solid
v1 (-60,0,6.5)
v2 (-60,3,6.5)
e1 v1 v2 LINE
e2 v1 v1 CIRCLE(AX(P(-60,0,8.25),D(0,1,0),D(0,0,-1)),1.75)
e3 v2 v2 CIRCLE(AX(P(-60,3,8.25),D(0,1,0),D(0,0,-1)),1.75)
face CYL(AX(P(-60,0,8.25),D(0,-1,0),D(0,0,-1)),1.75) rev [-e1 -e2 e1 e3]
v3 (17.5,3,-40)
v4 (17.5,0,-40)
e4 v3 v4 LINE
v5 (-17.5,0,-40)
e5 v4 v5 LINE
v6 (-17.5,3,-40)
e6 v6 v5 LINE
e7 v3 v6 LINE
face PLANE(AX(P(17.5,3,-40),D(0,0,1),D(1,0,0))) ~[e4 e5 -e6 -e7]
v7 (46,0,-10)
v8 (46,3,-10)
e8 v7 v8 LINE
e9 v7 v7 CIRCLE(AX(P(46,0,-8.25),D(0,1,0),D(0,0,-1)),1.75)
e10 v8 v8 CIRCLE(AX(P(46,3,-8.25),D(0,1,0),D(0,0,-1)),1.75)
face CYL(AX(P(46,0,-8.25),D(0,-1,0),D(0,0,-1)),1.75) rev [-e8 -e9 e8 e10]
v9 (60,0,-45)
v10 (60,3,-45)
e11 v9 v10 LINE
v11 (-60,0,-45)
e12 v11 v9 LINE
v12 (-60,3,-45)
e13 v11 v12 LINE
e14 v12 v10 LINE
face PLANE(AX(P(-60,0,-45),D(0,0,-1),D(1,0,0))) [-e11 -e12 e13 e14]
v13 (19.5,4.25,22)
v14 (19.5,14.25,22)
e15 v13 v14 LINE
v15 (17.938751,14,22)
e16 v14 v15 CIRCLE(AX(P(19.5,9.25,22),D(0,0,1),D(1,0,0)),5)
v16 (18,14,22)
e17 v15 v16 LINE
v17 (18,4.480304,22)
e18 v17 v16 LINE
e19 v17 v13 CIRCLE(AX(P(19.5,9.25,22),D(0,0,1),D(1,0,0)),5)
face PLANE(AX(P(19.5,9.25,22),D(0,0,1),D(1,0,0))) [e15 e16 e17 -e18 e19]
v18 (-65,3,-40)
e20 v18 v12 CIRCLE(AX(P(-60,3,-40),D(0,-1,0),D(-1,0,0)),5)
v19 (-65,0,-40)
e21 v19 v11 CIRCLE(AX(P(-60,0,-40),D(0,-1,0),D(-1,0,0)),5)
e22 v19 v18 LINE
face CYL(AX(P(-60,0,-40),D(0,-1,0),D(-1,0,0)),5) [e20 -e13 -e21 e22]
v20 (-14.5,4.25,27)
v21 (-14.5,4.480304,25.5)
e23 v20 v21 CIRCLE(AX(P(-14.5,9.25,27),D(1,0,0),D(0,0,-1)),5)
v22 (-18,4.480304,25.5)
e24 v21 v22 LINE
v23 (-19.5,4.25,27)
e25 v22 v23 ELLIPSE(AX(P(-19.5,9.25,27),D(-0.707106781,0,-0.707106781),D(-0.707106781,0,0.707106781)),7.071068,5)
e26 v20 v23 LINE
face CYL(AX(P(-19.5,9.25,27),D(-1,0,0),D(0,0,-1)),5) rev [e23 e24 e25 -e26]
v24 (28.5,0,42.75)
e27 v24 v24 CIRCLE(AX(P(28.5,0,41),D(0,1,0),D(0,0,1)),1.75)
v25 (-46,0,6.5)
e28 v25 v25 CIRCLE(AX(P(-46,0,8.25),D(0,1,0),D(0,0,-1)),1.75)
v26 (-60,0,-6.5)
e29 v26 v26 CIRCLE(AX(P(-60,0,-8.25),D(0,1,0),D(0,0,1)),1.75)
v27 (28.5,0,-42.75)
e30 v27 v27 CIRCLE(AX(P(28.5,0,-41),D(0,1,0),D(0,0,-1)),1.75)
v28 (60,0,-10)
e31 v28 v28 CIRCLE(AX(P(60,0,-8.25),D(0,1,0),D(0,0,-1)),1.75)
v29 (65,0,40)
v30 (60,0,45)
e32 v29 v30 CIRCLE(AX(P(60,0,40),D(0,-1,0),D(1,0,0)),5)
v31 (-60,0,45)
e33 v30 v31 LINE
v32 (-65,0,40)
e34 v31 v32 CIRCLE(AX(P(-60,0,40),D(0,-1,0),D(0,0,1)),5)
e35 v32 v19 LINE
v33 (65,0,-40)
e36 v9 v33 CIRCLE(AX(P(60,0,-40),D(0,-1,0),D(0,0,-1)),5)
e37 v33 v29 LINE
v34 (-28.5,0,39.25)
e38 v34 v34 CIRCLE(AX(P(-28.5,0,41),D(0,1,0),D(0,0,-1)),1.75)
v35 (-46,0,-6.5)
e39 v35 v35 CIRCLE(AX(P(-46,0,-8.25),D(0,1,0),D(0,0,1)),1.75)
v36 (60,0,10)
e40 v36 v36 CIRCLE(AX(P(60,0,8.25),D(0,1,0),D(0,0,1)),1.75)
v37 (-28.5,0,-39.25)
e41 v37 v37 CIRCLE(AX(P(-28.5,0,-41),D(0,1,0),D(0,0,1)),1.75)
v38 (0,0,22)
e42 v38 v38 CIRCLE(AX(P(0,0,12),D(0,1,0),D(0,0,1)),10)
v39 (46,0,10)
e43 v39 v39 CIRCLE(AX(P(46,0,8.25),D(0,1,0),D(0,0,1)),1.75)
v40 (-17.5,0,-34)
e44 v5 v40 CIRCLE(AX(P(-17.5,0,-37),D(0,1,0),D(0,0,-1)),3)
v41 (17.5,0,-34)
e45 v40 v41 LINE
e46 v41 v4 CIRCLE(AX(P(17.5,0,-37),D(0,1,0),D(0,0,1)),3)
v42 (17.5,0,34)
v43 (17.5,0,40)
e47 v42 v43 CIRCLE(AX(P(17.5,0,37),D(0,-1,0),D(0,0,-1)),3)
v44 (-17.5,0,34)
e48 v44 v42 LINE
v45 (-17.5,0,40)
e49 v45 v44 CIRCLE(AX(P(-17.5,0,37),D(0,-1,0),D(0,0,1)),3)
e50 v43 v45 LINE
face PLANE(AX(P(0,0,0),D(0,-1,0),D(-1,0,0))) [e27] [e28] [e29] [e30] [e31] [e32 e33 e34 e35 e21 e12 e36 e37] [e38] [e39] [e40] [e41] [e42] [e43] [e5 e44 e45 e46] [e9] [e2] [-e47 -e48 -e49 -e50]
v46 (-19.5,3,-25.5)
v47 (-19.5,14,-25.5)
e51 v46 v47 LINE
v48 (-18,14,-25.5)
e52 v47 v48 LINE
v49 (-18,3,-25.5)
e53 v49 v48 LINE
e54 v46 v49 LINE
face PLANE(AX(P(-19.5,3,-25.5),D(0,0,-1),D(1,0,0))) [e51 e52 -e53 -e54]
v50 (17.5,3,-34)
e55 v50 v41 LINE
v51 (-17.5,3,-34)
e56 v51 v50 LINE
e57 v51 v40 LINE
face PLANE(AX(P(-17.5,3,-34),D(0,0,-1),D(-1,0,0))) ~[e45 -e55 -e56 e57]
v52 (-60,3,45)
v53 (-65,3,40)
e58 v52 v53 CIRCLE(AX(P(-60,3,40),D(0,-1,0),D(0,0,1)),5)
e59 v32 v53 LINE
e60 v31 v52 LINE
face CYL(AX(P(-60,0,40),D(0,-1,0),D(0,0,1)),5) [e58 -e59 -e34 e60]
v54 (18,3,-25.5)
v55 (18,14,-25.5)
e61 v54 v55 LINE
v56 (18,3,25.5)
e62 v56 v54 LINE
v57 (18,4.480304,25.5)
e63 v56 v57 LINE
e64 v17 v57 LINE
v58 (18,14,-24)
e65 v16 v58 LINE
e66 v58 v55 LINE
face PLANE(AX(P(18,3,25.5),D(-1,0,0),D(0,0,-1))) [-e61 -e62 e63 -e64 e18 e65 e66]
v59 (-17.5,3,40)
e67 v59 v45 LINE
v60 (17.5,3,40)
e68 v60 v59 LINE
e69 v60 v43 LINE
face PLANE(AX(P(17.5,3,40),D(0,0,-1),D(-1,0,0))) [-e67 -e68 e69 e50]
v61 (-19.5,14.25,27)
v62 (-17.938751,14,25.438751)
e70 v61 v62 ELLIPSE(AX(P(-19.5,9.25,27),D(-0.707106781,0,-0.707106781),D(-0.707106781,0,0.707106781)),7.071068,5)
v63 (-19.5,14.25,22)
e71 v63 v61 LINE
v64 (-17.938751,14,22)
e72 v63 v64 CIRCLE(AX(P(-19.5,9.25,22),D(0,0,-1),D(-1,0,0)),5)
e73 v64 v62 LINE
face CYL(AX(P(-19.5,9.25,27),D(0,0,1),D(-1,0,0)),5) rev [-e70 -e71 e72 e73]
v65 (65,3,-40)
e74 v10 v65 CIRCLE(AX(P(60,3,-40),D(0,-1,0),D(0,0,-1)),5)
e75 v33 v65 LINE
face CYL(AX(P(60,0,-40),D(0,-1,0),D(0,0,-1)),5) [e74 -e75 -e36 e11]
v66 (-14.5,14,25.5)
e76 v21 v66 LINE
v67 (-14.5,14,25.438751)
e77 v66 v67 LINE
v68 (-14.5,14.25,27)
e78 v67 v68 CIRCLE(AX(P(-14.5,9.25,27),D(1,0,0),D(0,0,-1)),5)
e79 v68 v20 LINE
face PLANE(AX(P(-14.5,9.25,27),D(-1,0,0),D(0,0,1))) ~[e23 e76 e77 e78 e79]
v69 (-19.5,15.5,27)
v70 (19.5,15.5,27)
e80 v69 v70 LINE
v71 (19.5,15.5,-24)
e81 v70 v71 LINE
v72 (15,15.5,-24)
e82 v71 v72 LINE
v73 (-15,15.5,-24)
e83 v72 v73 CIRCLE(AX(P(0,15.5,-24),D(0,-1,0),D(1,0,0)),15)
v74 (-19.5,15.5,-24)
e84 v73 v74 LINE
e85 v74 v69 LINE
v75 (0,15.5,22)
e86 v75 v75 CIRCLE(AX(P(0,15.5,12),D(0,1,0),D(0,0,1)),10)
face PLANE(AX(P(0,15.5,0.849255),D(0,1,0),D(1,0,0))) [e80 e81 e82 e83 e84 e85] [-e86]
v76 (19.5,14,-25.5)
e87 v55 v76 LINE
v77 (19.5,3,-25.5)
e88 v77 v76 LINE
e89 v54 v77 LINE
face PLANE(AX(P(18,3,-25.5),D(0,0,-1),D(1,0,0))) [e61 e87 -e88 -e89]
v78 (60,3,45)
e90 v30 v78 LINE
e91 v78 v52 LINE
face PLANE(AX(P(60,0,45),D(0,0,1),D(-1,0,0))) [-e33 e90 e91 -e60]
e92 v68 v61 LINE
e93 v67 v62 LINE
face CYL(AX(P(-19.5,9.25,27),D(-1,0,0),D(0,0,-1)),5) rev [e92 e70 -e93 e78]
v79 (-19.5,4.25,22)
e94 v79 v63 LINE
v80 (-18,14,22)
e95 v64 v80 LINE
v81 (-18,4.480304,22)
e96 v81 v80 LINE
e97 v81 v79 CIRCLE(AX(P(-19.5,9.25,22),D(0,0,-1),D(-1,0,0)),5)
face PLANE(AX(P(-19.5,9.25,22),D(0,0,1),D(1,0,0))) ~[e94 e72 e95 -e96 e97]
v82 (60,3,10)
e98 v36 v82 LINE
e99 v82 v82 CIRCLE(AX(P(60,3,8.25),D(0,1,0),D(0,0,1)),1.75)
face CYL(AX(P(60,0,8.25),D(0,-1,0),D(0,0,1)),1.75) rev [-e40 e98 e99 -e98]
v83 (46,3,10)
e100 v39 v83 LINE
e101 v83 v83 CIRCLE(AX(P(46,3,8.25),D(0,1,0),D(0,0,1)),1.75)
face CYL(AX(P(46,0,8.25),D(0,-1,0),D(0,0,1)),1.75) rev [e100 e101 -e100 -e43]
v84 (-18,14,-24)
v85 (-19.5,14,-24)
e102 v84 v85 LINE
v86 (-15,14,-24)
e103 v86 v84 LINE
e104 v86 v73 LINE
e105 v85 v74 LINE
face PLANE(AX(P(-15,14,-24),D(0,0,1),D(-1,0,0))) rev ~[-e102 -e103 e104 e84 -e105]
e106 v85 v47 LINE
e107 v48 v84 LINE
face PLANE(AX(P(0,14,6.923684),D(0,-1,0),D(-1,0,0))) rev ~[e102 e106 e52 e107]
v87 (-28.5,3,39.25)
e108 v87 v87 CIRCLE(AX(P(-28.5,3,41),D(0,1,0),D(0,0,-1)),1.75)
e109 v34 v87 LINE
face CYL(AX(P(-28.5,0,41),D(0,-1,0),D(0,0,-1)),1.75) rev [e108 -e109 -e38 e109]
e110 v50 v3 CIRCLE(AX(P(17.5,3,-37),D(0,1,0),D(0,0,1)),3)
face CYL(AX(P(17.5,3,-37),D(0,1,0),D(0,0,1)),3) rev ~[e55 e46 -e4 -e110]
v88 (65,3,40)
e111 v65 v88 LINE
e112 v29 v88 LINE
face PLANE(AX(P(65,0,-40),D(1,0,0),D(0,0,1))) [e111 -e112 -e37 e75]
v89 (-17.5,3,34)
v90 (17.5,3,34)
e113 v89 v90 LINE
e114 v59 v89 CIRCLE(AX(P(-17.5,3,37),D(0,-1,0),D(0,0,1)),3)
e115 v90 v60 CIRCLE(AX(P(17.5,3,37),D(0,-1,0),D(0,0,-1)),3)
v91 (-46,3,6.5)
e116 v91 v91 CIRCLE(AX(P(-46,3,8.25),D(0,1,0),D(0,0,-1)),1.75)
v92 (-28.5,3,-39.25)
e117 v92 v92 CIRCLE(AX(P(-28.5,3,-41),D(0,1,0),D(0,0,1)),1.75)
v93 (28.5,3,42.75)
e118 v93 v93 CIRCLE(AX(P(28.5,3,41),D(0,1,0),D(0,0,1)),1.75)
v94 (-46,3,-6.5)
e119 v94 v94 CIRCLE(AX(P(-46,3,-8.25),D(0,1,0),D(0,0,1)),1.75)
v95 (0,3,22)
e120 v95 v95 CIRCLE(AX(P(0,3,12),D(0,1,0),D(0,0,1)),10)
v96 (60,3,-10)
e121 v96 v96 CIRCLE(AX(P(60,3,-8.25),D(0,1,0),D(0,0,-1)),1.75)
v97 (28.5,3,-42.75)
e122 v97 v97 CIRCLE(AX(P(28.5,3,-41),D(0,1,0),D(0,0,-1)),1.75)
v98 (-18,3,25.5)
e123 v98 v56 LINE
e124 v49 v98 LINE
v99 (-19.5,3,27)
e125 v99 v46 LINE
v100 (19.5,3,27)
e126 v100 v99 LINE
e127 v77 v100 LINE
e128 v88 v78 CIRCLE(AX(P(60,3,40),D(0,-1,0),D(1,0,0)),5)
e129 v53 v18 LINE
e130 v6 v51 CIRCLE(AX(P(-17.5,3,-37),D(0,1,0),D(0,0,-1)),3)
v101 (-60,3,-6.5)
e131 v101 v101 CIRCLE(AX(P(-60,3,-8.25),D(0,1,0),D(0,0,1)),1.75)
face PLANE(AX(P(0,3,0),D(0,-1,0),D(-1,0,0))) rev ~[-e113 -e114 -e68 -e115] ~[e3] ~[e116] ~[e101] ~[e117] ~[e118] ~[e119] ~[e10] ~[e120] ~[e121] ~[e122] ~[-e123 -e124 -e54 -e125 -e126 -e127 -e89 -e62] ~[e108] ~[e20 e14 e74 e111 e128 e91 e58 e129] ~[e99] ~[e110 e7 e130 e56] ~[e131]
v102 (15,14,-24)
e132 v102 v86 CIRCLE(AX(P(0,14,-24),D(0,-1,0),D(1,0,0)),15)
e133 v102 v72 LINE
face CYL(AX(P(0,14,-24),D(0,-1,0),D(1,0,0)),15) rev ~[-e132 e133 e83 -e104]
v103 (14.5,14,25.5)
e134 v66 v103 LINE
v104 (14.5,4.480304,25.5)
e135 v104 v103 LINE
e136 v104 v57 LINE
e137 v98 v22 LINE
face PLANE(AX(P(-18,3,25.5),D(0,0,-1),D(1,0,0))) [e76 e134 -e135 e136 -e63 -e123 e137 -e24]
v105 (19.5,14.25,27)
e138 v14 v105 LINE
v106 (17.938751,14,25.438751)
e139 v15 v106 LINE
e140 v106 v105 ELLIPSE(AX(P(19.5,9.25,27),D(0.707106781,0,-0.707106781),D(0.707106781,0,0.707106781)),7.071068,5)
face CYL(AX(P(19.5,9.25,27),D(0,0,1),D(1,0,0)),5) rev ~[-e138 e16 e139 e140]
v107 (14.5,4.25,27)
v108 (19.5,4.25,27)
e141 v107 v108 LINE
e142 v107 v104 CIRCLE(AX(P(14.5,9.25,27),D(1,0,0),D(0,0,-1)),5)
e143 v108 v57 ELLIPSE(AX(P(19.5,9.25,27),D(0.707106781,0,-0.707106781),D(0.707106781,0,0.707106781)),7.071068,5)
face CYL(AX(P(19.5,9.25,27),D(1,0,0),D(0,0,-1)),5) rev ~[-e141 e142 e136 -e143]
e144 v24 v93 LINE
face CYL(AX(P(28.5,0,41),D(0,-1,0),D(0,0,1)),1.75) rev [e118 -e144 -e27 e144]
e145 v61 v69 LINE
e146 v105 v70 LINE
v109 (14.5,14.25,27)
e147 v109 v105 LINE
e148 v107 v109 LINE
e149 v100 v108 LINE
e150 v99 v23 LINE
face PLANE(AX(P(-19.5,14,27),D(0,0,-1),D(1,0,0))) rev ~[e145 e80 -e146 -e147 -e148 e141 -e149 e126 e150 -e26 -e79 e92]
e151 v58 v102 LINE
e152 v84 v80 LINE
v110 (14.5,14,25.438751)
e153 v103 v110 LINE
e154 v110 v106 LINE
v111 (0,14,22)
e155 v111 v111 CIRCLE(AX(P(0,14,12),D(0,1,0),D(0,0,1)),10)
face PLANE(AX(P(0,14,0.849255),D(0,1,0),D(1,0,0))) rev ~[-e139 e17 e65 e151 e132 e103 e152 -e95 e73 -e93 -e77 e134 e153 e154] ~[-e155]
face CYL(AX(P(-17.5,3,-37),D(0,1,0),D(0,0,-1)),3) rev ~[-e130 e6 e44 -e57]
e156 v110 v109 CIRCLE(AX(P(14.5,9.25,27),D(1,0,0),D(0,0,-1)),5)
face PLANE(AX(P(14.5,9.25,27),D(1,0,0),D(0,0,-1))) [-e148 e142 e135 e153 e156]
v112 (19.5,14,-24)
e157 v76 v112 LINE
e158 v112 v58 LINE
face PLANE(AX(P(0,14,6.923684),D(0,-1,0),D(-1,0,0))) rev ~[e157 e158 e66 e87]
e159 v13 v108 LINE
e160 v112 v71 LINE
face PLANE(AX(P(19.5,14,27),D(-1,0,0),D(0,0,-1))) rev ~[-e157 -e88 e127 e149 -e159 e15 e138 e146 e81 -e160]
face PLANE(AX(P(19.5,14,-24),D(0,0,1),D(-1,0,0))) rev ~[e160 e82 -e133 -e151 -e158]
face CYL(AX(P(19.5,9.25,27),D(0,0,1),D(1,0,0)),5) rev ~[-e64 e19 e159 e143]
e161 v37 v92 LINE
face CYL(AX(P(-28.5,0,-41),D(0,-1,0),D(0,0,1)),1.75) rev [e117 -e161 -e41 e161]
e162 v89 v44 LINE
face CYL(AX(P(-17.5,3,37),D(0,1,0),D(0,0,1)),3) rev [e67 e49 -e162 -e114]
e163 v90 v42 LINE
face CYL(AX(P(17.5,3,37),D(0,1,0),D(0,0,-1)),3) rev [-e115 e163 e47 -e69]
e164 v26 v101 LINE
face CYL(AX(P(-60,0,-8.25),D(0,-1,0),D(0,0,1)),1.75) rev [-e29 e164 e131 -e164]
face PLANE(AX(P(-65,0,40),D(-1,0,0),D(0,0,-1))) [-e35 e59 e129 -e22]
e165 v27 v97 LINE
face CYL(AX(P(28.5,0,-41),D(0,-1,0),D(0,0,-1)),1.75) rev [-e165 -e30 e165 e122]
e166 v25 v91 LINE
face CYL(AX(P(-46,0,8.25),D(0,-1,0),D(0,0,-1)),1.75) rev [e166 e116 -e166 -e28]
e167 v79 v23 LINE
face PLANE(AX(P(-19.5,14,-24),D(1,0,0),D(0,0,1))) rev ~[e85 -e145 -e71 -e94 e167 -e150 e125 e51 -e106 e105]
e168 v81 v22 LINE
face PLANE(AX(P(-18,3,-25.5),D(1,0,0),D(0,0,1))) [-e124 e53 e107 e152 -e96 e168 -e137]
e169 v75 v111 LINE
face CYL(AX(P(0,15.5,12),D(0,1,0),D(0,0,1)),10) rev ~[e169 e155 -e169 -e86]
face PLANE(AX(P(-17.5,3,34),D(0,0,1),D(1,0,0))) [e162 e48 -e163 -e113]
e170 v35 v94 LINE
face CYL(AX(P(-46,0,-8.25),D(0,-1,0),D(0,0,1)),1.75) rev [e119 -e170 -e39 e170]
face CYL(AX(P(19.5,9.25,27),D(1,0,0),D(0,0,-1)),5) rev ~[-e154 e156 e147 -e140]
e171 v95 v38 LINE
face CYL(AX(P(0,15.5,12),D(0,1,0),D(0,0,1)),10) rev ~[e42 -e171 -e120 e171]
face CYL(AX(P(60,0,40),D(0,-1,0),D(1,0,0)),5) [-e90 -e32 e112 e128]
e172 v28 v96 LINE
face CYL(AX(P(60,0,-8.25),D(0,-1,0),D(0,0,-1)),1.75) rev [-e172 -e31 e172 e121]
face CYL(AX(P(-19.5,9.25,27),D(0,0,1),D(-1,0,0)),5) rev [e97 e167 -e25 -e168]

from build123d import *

# Parameters (mm, degrees)
SKETCH_1_R          = 1.75
EXTRUDE_1_DEPTH     = 3
EXTRUDE_2_DEPTH     = 11
EXTRUDE_3_DEPTH     = 1.5
SKETCH_5_R          = 10
CUT_EXTRUDE_1_DEPTH = 81.562087858
SKETCH_6_R          = 5
CUT_EXTRUDE_2_DEPTH = 5
SKETCH_7_R          = 5
CUT_EXTRUDE_3_DEPTH = 5
CUT_EXTRUDE_4_DEPTH = 3


with BuildPart() as part:
    # 草图1 → 凸台-拉伸1 (new body)
    with BuildSketch(Plane(origin=(0, 0, 0), x_dir=(1, 0, 0), z_dir=(0, 1, 0))):
        with BuildLine():
            Line((-60, 45), (60, 45))
            ThreePointArc((60, 45), (63.535533906, 43.535533906), (65, 40))
            Line((65, 40), (65, -40))
            ThreePointArc((65, -40), (63.535533906, -43.535533906), (60, -45))
            Line((60, -45), (-60, -45))
            ThreePointArc((-60, -45), (-63.535533906, -43.535533906), (-65, -40))
            Line((-65, -40), (-65, 40))
            ThreePointArc((-65, 40), (-63.535533906, 43.535533906), (-60, 45))
        make_face()
        with Locations(Location((-60, 8.25, 0), (0, 0, 270))):
            Circle(SKETCH_1_R, mode=Mode.SUBTRACT)
        with Locations(Location((-46, 8.25, 0), (0, 0, 270))):
            Circle(SKETCH_1_R, mode=Mode.SUBTRACT)
        with Locations(Location((-46, -8.25, 0), (0, 0, 90))):
            Circle(SKETCH_1_R, mode=Mode.SUBTRACT)
        with Locations(Location((-60, -8.25, 0), (0, 0, 90))):
            Circle(SKETCH_1_R, mode=Mode.SUBTRACT)
        with Locations(Location((60, 8.25, 0), (0, 0, 90))):
            Circle(SKETCH_1_R, mode=Mode.SUBTRACT)
        with Locations(Location((60, -8.25, 0), (0, 0, 270))):
            Circle(SKETCH_1_R, mode=Mode.SUBTRACT)
        with Locations(Location((46, -8.25, 0), (0, 0, 270))):
            Circle(SKETCH_1_R, mode=Mode.SUBTRACT)
        with Locations(Location((46, 8.25, 0), (0, 0, 90))):
            Circle(SKETCH_1_R, mode=Mode.SUBTRACT)
        with Locations(Location((-28.5, 41, 0), (0, 0, 270))):
            Circle(SKETCH_1_R, mode=Mode.SUBTRACT)
        with Locations(Location((-28.5, -41, 0), (0, 0, 90))):
            Circle(SKETCH_1_R, mode=Mode.SUBTRACT)
        with Locations(Location((28.5, -41, 0), (0, 0, 270))):
            Circle(SKETCH_1_R, mode=Mode.SUBTRACT)
        with Locations(Location((28.5, 41, 0), (0, 0, 90))):
            Circle(SKETCH_1_R, mode=Mode.SUBTRACT)
    extrude(amount=EXTRUDE_1_DEPTH)

    # 草图2 → 凸台-拉伸2 (add)
    with BuildSketch(Plane(origin=(0, 3, 0), x_dir=(1, 0, 0), z_dir=(0, 1, 0))):
        Polygon((18, 25.5), (19.5, 25.5), (19.5, -27), (-19.5, -27), (-19.5, 25.5), (-18, 25.5), (-18, -25.5), (18, -25.5), align=None)
    extrude(amount=EXTRUDE_2_DEPTH)

    # 草图3 → 凸台-拉伸3 (add)
    with BuildSketch(Plane(origin=(0, 14, 0), x_dir=(1, 0, 0), z_dir=(0, 1, 0))):
        with BuildLine():
            Line((-15, 24), (-18, 24))
            Line((-18, 24), (-18, -25.5))
            Line((-18, -25.5), (18, -25.5))
            Line((18, -25.5), (18, 24))
            Line((18, 24), (15, 24))
            ThreePointArc((15, 24), (0, 9), (-15, 24))
        make_face()
        Polygon((-18, 24), (-19.5, 24), (-19.5, -27), (19.5, -27), (19.5, 24), (18, 24), (18, -25.5), (-18, -25.5), align=None)
    extrude(amount=EXTRUDE_3_DEPTH)

    # 草图5 → 切除-拉伸1 (cut, through all)
    with BuildSketch(Plane(origin=(0, 15.5, 0), x_dir=(1, 0, 0), z_dir=(0, 1, 0))):
        with Locations(Location((0, -12, 0), (0, 0, 270))):
            Circle(SKETCH_5_R)
    extrude(amount=-CUT_EXTRUDE_1_DEPTH, mode=Mode.SUBTRACT)

    # 草图6 → 切除-拉伸2 (cut)
    with BuildSketch(Plane(origin=(19.5, 0, 0), x_dir=(0, 0, -1), z_dir=(1, 0, 0))):
        with Locations((-27, 9.25)):
            Circle(SKETCH_6_R)
    cut_extrude_2 = extrude(amount=-CUT_EXTRUDE_2_DEPTH, mode=Mode.SUBTRACT)

    # 草图7 → 切除-拉伸3 (cut)
    with BuildSketch(Plane.XY.offset(27)):
        with Locations((19.5, 9.25)):
            Circle(SKETCH_7_R)
    cut_extrude_3 = extrude(amount=-CUT_EXTRUDE_3_DEPTH, mode=Mode.SUBTRACT)

    # 镜向1: 切除-拉伸2, 切除-拉伸3 across plane
    add(cut_extrude_2.mirror(Plane(origin=(0, 0, 0), x_dir=(0, 0, 1), z_dir=(1, 0, 0))), mode=Mode.SUBTRACT)
    add(cut_extrude_3.mirror(Plane(origin=(0, 0, 0), x_dir=(0, 0, 1), z_dir=(1, 0, 0))), mode=Mode.SUBTRACT)

    # 草图8 → 切除-拉伸4 (cut)
    with BuildSketch(Plane(origin=(0, 3, 0), x_dir=(1, 0, 0), z_dir=(0, 1, 0))):
        with BuildLine():
            Line((-17.5, -34), (17.5, -34))
            ThreePointArc((17.5, -34), (20.5, -37), (17.5, -40))
            Line((17.5, -40), (-17.5, -40))
            ThreePointArc((-17.5, -40), (-20.5, -37), (-17.5, -34))
        make_face()
    cut_extrude_4 = extrude(amount=-CUT_EXTRUDE_4_DEPTH, mode=Mode.SUBTRACT)

    # 镜向2: 切除-拉伸4 across plane
    add(cut_extrude_4.mirror(Plane.XY), mode=Mode.SUBTRACT)


solid = part.part
